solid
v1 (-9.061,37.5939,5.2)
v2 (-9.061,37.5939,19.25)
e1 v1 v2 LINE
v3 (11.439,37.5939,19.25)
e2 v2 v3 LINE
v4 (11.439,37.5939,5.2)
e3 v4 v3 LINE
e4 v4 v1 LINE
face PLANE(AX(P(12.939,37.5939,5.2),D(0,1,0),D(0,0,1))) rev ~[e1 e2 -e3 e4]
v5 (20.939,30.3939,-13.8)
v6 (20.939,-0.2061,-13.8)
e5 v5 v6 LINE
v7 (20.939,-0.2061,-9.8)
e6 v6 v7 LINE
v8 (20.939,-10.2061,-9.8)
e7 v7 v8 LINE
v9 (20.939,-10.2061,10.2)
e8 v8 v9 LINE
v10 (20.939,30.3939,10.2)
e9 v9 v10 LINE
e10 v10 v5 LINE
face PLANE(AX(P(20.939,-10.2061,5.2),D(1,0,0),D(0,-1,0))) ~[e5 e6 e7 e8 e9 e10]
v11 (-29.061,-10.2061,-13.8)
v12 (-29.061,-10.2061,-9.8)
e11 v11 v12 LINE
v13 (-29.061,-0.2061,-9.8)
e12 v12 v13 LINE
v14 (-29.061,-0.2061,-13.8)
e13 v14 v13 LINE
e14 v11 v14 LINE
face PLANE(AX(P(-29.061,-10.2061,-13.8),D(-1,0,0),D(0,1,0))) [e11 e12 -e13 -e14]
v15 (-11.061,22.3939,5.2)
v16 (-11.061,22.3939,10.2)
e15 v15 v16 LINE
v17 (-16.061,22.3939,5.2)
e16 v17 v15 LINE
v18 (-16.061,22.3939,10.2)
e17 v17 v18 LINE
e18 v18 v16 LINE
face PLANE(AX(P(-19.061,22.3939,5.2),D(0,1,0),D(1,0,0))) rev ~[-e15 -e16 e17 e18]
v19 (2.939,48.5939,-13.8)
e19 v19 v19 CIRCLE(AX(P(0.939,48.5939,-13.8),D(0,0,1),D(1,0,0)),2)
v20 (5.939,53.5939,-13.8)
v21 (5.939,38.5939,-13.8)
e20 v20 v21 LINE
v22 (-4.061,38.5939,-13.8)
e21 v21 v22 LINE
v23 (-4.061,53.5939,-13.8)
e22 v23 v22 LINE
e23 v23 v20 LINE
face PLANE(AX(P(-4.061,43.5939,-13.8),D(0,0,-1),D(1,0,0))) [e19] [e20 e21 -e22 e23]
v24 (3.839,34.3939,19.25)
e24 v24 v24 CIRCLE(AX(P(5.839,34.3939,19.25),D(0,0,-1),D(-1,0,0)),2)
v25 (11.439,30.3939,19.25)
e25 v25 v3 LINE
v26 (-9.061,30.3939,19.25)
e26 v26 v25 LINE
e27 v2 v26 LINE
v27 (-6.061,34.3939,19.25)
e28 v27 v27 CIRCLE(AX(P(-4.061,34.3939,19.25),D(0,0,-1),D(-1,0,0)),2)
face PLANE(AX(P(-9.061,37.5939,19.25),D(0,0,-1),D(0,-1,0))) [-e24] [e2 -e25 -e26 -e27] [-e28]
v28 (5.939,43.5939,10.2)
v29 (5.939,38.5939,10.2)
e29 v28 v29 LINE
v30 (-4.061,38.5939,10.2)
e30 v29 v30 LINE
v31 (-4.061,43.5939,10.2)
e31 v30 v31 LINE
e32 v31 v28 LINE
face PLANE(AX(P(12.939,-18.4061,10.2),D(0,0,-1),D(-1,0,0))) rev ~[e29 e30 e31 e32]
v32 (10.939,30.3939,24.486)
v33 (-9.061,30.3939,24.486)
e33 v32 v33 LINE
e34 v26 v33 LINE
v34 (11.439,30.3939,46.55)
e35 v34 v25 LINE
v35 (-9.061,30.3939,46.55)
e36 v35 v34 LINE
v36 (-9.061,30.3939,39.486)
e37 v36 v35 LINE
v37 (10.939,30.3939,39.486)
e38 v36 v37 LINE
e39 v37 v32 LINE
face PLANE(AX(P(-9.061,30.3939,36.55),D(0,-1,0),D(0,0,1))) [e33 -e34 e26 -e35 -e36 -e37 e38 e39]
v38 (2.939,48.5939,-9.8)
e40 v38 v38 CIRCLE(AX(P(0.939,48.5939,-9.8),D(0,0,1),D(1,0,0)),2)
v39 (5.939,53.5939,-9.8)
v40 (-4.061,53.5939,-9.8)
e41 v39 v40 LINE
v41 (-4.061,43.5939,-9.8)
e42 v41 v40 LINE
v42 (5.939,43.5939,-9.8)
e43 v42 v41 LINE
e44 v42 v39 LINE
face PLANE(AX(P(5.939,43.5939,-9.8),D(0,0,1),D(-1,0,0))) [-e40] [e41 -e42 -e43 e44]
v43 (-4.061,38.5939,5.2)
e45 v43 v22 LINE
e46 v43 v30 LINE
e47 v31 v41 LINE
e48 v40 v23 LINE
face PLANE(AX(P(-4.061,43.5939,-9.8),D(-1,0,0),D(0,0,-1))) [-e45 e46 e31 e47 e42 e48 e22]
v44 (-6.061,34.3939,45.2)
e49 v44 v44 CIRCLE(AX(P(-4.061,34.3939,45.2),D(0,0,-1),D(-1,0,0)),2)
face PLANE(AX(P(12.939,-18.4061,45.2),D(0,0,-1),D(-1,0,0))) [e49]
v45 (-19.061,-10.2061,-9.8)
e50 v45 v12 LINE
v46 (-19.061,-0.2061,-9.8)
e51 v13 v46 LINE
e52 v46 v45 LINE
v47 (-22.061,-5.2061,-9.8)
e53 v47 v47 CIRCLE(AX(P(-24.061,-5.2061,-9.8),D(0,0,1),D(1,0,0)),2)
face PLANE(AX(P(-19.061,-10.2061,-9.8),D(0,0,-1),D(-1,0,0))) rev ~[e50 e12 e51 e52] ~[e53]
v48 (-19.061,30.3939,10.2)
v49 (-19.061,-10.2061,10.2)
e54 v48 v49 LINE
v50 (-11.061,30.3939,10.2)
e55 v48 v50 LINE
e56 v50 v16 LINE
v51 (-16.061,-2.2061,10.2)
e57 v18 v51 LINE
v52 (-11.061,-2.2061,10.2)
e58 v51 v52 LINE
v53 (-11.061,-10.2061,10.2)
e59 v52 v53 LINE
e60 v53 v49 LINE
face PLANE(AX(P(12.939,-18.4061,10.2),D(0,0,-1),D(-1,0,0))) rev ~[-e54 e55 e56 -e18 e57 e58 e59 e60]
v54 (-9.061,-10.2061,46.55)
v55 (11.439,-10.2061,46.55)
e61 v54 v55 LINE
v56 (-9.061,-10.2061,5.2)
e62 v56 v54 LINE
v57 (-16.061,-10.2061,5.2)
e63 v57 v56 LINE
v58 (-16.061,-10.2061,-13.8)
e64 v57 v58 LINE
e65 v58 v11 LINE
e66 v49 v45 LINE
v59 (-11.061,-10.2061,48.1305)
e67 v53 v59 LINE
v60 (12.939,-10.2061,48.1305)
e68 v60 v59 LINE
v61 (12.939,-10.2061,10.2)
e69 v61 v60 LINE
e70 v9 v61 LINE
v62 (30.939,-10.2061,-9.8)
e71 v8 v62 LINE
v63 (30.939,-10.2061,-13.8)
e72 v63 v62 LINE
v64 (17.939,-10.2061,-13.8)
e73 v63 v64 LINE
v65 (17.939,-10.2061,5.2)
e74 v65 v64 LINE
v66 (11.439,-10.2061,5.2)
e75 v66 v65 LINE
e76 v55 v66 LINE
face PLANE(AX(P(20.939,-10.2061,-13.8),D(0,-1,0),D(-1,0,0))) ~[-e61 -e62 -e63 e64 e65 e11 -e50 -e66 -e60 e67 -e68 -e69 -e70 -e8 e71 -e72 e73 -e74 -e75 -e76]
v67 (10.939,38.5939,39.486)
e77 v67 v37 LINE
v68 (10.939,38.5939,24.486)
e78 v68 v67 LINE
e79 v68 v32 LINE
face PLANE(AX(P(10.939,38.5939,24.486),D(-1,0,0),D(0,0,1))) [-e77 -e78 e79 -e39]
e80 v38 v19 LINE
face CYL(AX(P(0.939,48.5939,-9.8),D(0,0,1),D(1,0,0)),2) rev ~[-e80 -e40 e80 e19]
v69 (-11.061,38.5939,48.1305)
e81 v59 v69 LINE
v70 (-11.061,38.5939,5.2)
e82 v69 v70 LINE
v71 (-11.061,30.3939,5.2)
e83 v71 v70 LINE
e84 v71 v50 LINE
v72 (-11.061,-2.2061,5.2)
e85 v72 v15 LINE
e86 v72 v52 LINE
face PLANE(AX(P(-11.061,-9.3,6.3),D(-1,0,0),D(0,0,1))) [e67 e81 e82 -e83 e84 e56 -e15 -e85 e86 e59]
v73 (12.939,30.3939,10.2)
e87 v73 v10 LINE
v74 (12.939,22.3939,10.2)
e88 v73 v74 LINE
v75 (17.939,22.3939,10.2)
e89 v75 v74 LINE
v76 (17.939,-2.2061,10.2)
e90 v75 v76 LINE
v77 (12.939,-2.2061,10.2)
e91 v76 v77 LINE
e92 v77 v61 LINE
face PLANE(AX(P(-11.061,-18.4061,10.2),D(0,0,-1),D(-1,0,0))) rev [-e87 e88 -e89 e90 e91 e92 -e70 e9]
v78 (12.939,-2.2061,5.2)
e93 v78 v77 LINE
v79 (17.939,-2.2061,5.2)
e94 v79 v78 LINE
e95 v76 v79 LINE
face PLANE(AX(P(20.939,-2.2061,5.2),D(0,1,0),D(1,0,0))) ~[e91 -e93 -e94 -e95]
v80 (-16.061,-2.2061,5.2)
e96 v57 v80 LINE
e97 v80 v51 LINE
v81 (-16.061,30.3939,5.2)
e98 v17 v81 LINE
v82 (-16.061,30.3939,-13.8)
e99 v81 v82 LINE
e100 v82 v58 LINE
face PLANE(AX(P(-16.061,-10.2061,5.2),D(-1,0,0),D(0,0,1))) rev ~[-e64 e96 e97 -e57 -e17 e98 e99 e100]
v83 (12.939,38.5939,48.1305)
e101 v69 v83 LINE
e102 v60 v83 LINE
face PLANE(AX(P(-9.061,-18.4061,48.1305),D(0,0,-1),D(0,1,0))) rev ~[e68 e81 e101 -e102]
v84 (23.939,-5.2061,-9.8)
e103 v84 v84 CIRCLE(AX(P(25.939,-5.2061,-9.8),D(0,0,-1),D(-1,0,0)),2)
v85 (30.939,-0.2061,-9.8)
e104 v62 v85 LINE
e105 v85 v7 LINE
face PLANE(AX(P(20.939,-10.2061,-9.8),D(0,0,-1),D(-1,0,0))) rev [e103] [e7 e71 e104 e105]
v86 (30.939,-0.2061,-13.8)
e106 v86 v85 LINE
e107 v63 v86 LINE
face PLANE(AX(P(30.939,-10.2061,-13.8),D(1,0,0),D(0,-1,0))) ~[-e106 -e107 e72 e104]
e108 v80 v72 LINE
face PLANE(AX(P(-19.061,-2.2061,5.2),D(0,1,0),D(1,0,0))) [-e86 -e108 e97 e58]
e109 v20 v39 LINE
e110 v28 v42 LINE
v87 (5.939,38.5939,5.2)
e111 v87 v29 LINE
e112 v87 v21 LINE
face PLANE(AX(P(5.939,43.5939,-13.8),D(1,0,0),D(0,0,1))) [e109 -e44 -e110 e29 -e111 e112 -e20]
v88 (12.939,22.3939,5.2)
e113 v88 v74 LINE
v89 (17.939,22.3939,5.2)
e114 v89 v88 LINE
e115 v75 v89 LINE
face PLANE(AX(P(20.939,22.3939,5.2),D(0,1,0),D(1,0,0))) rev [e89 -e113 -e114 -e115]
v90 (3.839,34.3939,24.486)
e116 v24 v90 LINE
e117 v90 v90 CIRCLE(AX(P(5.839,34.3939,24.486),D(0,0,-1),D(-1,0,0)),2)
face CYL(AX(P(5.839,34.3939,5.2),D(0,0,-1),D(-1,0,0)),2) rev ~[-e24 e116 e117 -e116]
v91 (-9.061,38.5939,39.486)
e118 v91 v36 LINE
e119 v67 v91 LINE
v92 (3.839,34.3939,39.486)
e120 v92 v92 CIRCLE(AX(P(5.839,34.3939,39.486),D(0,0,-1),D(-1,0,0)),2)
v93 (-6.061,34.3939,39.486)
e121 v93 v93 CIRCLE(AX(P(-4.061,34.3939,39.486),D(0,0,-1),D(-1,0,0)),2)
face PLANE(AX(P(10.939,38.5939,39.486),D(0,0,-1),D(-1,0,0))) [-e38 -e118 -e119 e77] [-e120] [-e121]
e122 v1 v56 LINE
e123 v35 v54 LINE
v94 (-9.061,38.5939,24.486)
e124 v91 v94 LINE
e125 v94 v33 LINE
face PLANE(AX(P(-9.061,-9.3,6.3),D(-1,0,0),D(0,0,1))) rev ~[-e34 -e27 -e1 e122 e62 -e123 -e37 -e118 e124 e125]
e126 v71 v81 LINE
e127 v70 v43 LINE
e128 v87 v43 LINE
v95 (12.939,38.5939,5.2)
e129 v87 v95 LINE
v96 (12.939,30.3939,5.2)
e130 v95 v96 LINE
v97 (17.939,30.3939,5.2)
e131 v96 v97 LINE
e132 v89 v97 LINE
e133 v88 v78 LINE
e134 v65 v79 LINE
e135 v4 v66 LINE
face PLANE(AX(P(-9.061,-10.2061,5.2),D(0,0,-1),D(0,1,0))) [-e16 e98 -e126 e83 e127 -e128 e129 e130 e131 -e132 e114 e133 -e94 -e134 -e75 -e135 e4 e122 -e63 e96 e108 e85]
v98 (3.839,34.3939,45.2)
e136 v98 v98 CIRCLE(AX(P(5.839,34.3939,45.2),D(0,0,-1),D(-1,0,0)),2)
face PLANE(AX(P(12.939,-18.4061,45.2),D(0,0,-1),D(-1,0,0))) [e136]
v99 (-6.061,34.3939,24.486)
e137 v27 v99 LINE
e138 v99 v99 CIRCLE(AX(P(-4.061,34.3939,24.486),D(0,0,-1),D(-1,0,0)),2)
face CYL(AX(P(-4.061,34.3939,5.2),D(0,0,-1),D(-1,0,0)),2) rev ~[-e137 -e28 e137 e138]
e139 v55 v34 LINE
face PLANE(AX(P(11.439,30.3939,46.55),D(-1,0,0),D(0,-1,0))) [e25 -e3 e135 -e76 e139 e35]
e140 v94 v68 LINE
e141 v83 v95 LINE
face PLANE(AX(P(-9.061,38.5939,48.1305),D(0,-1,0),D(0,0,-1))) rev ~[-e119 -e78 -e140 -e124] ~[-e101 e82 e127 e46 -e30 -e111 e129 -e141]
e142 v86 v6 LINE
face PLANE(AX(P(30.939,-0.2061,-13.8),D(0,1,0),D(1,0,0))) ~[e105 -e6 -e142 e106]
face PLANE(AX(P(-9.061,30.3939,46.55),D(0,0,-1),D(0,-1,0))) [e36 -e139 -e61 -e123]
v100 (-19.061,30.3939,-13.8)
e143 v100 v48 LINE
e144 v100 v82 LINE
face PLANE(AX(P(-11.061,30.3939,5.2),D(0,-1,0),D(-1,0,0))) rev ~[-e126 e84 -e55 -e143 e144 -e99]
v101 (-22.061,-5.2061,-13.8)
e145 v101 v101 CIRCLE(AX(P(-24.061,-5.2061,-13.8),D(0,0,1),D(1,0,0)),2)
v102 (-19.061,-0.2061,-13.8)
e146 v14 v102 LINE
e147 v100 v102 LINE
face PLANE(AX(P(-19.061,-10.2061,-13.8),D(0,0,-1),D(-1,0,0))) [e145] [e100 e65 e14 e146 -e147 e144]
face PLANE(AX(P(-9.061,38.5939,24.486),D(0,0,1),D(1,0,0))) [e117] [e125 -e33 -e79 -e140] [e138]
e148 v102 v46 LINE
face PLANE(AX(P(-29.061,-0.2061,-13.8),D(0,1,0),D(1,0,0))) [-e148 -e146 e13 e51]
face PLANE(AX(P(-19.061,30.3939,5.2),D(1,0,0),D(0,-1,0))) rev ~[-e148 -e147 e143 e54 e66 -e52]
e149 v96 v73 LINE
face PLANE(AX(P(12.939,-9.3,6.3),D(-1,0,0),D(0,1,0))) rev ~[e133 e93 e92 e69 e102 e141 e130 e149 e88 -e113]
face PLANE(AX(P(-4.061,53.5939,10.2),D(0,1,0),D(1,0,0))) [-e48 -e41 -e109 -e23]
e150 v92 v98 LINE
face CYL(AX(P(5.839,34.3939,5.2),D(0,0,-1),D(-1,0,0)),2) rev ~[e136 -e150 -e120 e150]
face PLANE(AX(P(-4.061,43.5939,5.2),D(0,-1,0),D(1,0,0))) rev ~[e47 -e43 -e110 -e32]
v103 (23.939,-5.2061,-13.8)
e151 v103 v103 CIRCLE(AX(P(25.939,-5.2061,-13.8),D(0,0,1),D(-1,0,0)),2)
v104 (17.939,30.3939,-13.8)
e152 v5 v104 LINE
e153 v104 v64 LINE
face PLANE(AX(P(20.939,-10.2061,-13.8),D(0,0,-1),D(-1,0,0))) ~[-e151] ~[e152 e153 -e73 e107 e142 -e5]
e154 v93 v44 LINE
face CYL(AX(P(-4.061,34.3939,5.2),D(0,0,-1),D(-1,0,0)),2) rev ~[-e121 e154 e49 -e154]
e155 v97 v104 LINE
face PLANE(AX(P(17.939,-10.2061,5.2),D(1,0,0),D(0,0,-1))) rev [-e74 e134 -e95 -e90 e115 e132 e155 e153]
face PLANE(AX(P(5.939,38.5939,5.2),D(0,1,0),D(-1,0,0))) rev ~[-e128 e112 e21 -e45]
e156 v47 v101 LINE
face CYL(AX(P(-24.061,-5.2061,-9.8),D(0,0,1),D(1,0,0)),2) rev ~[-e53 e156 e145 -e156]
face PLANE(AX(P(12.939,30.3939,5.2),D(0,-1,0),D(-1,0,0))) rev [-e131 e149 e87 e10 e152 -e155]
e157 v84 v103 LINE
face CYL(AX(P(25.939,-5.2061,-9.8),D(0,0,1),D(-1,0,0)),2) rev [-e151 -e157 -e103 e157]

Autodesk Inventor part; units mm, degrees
ref_plane "YZ Plane" through (0, 0, 0) normal (1, 0, 0) x (0, 1, 0)
ref_plane "XZ Plane" through (0, 0, 0) normal (0, 1, 0) x (-1, 0, 0)
ref_plane "작업 평면1" through (-9.061, -9.3, 6.3) normal (-1, 0, 0) x (0, 1, 0)
sketch "스케치1" plane through (-9.061, -9.3, 6.3) normal (-1, 0, 0) x (0, 1, 0)
  line L0 (39.3939, -39.95) -> (-0.6061, -39.95)
  line L1 (-0.6061, 0.55) -> (39.3939, 0.55)
  line L2 (-0.6061, -12.65) -> (-7.8061, -12.65)
  line L3 (-7.8061, -12.65) -> (-7.8061, -9.45)
  line L4 (-7.8061, -9.45) -> (-0.6061, -9.45)
  line L5 (19.3939, -39.95) -> (19.3939, 0.55) construction
  line L6 (39.3939, -12.65) -> (46.5939, -12.65)
  line L7 (46.5939, -12.65) -> (46.5939, -9.45)
  line L8 (46.5939, -9.45) -> (39.3939, -9.45)
  line L9 (-0.6061, -39.95) -> (-0.6061, -12.65)
  line L10 (-0.6061, -9.45) -> (-0.6061, 0.55)
  line L11 (39.3939, 0.55) -> (39.3939, -9.45)
  line L12 (39.3939, -12.65) -> (39.3939, -39.95)
  line L13 (-9.1061, 1.1) -> (47.8939, 1.1)
  line L14 (39.6939, 1.1) -> (39.6939, -9.15)
  line L15 (39.6939, -9.15) -> (46.8939, -9.15)
  line L16 (46.8939, -9.15) -> (46.8939, -12.95)
  line L17 (46.8939, -12.95) -> (39.6939, -12.95)
  line L18 (39.6939, -12.95) -> (39.6939, -40.25)
  line L19 (39.6939, -40.25) -> (-0.9061, -40.25)
  line L20 (-0.9061, -40.25) -> (-0.9061, -12.95)
  line L21 (-0.9061, -12.95) -> (-8.1061, -12.95)
  line L22 (-8.1061, -12.95) -> (-8.1061, -9.15)
  line L23 (-8.1061, -9.15) -> (-0.9061, -9.15)
  line L24 (-0.9061, -9.15) -> (-0.9061, 1.1)
  line L25 (47.8939, 2.4305) -> (-9.1061, 2.4305)
  line L26 (-9.1061, 2.4305) -> (-9.1061, -41.8305)
  line L27 (-9.1061, -41.8305) -> (47.8939, -41.8305)
  line L28 (47.8939, -41.8305) -> (47.8939, 2.4305)
  line L29 (39.3939, -19.7) -> (-0.6061, -19.7) construction
  line L30 (39.6939, -26.25) -> (39.6939, -30.25)
  line L31 (-0.8061, 6.3) -> (19.1939, 6.3) projected
  line L32 (7.6194, 1.8) -> (13.6194, 1.8)
  line L33 (7.6194, 1.8) -> (13.6194, 1.8)
  line L34 (7.6194, 1.8) -> (13.6194, 1.8)
  line L35 (-0.9061, -31.1) -> (-4.9061, -31.1)
  line L36 (-4.9061, -31.1) -> (-4.9061, -36.1)
  line L37 (-4.9061, -36.1) -> (-0.9061, -36.1)
  line L38 (6.1939, 1.8) -> (12.1939, 1.8) projected
  point P0 (19.3939, -19.7)
  point P1 (9.1939, 6.3)
  dimension "d0" = 40.5
  dimension "d1" = 40
  dimension "d2" = 3.2
  dimension "d3" = 27.2
  dimension "d6" = 27.3
  dimension "d8" = 0.3
  dimension "d9" = 20.25
  dimension "d23" = 9.8
  dimension "d24" = 26
  dimension "d26" = 5
  dimension "d27" = 4
  dimension "d28" = 4.15
extrude "돌출1" add sketch "스케치1" against normal blind 22 contours L13 L24 L23 L22 L21 L20 L35 L36 L37 L19 L18 L17 L16 L15 L14 L28 L27 L26 | L20 L37 L36 L35
sketch "스케치4" plane through (12.939, -9.3, 6.3) normal (1, 0, 0) x (0, 0, -1)
  line L0 (-12.95, -0.9061) -> (-40.25, -0.9061) projected
  line L1 (-31.1, -0.9061) -> (-31.1, -4.9061) projected
  line L2 (-31.1, -4.9061) -> (-36.1, -4.9061) projected
  line L3 (-36.1, -4.9061) -> (-36.1, -0.9061) projected
  line L4 (-40.25, -0.9061) -> (-12.95, -0.9061) projected
  line L5 (-41.8305, -9.1061) -> (1.1, -9.1061) projected
  line L6 (-31.1, -4.9061) -> (-31.1, -9.1061)
  line L7 (-36.1, -4.9061) -> (-36.1, -9.1061)
  point P0 (6.3, 9.3)
extrude "돌출4" cut sketch "스케치4" against normal blind 22
sketch "스케치2" plane through (-9.061, -9.3, 6.3) normal (-1, 0, 0) x (0, 0, 1)
  line L0 (-1.1, -0.9061) -> (-1.1, -9.1061) projected
  line L1 (-1.1, -9.1061) -> (41.8305, -9.1061) projected
  line L2 (41.8305, -9.1061) -> (41.8305, 47.8939) projected
  line L3 (41.8305, 47.8939) -> (-1.1, 47.8939) projected
  line L4 (-1.1, 47.8939) -> (-1.1, 39.6939) projected
  line L5 (-1.1, 47.8939) -> (41.8305, 47.8939)
  line L6 (41.8305, 47.8939) -> (41.8305, -9.1061)
  line L7 (41.8305, -9.1061) -> (-1.1, -9.1061)
  line L8 (-1.1, -9.1061) -> (-1.1, 47.8939)
  point P0 (-6.3, 9.3)
  point P1 (-1.1, -0.9061)
extrude "돌출2" add sketch "스케치2" along normal blind 2
sketch "스케치3" plane through (12.939, -18.4061, 5.2) normal (0, 0, -1) x (-1, 0, 0)
  line L0 (22, 8.2) -> (0, 8.2) projected
  line L1 (22, 48.8) -> (0, 48.8) projected
  line L2 (22, 48.8) -> (22, 8.2) projected
  circle A0 centre (7.1, 4.2) radius 2
  line L3 (22, 28.5) -> (0, 28.5) construction
  line L4 (0, 8.2) -> (0, 48.8) projected
  circle A1 centre (7.1, 52.8) radius 2
  circle A2 centre (17, 4.2) radius 2
  circle A3 centre (17, 52.8) radius 2
  line L5 (12.05, 8.2) -> (12.05, 48.8)
  point P0 (12.939, 18.4061)
  dimension "d81" = 0
  dimension "d15" = 24.3
  dimension "d16" = 4
  dimension "d88" = 5
  dimension "d89" = 4.95
  dimension "d90" = 9.9
extrude "돌출3" cut sketch "스케치3" against normal blind 40 contours A0 | A1 | A2 | A3
sketch "스케치5" plane through (12.939, -9.3, 6.3) normal (1, 0, 0) x (0, 0, -1)
  line L0 (1.1, -9.1061) -> (1.1, -0.9061) projected
  line L1 (-9.15, -0.9061) -> (-9.15, -8.1061) projected
  line L2 (-36.1, -9.1061) -> (-36.1, -0.9061) projected
  line L3 (-36.1, -0.9061) -> (-40.25, -0.9061) projected
  line L4 (-40.25, -0.9061) -> (-40.25, 39.6939) projected
  line L5 (-40.25, 39.6939) -> (-12.95, 39.6939) projected
  line L6 (-12.95, 39.6939) -> (-12.95, 46.8939) projected
  line L7 (-12.95, 46.8939) -> (-9.15, 46.8939) projected
  line L8 (-9.15, 46.8939) -> (-9.15, 39.6939) projected
  line L9 (-9.15, 39.6939) -> (1.1, 39.6939) projected
  line L10 (1.1, 39.6939) -> (1.1, 47.8939) projected
  line L11 (1.1, 47.8939) -> (-41.8305, 47.8939) projected
  line L12 (-41.8305, 47.8939) -> (-41.8305, -9.1061) projected
  line L13 (-41.8305, -9.1061) -> (-36.1, -9.1061) projected
  line L14 (-12.95, -8.1061) -> (-9.15, -8.1061) projected
  line L15 (-9.15, -8.1061) -> (1.1, -8.1061)
  line L16 (1.1, -8.1061) -> (1.1, 46.8939)
  line L17 (1.1, 46.8939) -> (-9.15, 46.8939)
  line L18 (-9.15, 46.8939) -> (-9.15, -8.1061)
  point P0 (6.3, 9.3)
  point P1 (-9.15, -0.9061)
  point P2 (1.1, -8.1061)
  point P3 (1.1, -0.9061)
  point P4 (1.1, 39.6939)
  point P5 (-9.15, 46.8939)
extrude "돌출5" cut sketch "스케치5" against normal up to surface (22 mm away) contours L15 L1 L18 L9 L16 L0 | L9 L8 L17 L10
sketch "스케치12" plane through (12.939, -10.2061, 46.55) normal (0, 0, -1) x (-1, 0, 0)
  line L0 (22, 40.6) -> (0, 40.6) projected
  line L1 (0, 0) -> (0, 40.6) projected
  line L2 (22, 47.8) -> (0, 47.8) projected
  line L3 (1.5, 48.8) -> (1.5, -8.2)
  line L4 (0, -8.2) -> (24, -8.2) projected
  line L5 (0, -7.2) -> (0, 0) projected
  line L6 (0, -8.2) -> (0, -7.2) projected
  line L7 (0, 40.6) -> (0, 47.8) projected
  line L8 (0, 48.8) -> (24, 48.8) projected
  line L9 (0, 47.8) -> (0, 48.8) projected
  point P0 (12.939, 10.2061)
  point P1 (1.5, 40.6)
  dimension "d55" = 1.5
extrude "돌출12" add sketch "스케치12" along normal blind 41.35
sketch "스케치13" plane through (12.939, -18.4061, 5.2) normal (0, 0, -1) x (-1, 0, 0)
  line L0 (0, 0) -> (0, 57) projected
  line L1 (0, 0) -> (24, 0) projected
  line L2 (24, 57) -> (24, 0) projected
  line L3 (0, 57) -> (24, 57) projected
  line L4 (12, 0) -> (12, 57) construction
  line L5 (24, 28.5) -> (0, 28.5) construction
  line L6 (24, 8.2) -> (32, 8.2)
  line L7 (32, 8.2) -> (32, 16.2)
  line L8 (32, 16.2) -> (24, 16.2)
  line L9 (24, 16.2) -> (24, 8.2)
  line L10 (24, 40.8) -> (24, 48.8)
  line L11 (24, 0) -> (24, 57) projected
  line L12 (24, 48.8) -> (32, 48.8)
  line L13 (32, 48.8) -> (32, 40.8)
  line L14 (32, 40.8) -> (24, 40.8)
  line L15 (7, 57) -> (17, 57)
  line L16 (17, 57) -> (17, 62)
  line L17 (17, 62) -> (7, 62)
  line L18 (7, 62) -> (7, 57)
  point P0 (12.939, 18.4061)
  dimension "d70" = 8
  dimension "d71" = 8
  dimension "d72" = 8.2
  dimension "d73" = 10
  dimension "d74" = 5
extrude "돌출13" add sketch "스케치13" against normal blind 5 contours L18 L17 L16 L3 | L2 L8 L7 L6 | L2 L12 L13 L14
sketch "스케치14" plane through (-19.061, -10.2061, 5.2) normal (-1, 0, 0) x (0, 0, 1)
  line L0 (-34, 162.6) -> (-34, -37.7889) projected
  line L1 (-34, -37.7889) -> (-19, -37.7889) projected
  line L2 (-19, 162.6) -> (-19, -37.7889) projected
  line L3 (-34, 162.6) -> (-19, 162.6) projected
  line L4 (5, 0) -> (-19, 0)
  line L5 (-19, 0) -> (-19, 40.6)
  line L6 (-19, 40.6) -> (5, 40.6)
  line L7 (5, 40.6) -> (5, 0)
  line L8 (0, 32.6) -> (0, 40.6) projected
  line L9 (0, 32.6) -> (5, 32.6) projected
  line L10 (5, 40.6) -> (5, 32.6) projected
  line L11 (0, 40.6) -> (5, 40.6) projected
  point P0 (-5.2, 10.2061)
  point P1 (-19, 0)
extrude "돌출14" add sketch "스케치14" against normal blind 3 contours L6 L8 L9 L7 L4 L2 | L6 L7 L9 L8
sketch "스케치15" plane through (-19.061, -10.2061, -13.8) normal (0, 0, -1) x (-1, 0, 0)
  line L0 (0, 40.6) -> (0, 0) projected
  line L1 (0, 0) -> (10, 0)
  line L2 (10, 0) -> (10, 10)
  line L3 (10, 10) -> (0, 10)
  line L4 (0, 10) -> (0, 0)
  point P0 (-19.061, 10.2061)
  point P1 (0, 10)
  dimension "d66" = 10
  dimension "d67" = 10
extrude "돌출15" add sketch "스케치15" against normal blind 4
sketch "스케치16" plane through (12.939, -18.4061, 5.2) normal (0, 0, -1) x (-1, 0, 0)
  line L0 (17, 57) -> (17, 62) projected
  line L1 (17, 62) -> (7, 62) projected
  line L2 (7, 62) -> (7, 57) projected
  line L3 (7, 57) -> (17, 57) projected
  point P0 (12.939, 18.4061)
ref_plane "작업 평면2" through (-79.061, -70.6061, -13.8) normal (0, 0, 1) x (1, 0, 0)
extrude "돌출16" add sketch "스케치16" along normal up to surface (19 mm away)
sketch "스케치17" plane through (-4.061, 43.5939, 10.2) normal (0, 1, 0) x (1, 0, 0)
  line L0 (0, 0) -> (0, 24) projected
  line L1 (10, 24) -> (10, 0) projected
  line L2 (0, 24) -> (10, 24) projected
  line L3 (10, 20) -> (0, 20)
  point P0 (4.061, 10.2)
  dimension "d77" = 4
extrude "돌출17" add sketch "스케치17" along normal blind 10
sketch "스케치18" plane through (-19.061, -10.2061, -9.8) normal (0, 0, 1) x (1, 0, 0)
  circle A0 centre (-5, 5) radius 2
  point P0 (19.061, 10.2061)
  dimension "d80" = 4
extrude "돌출18" cut sketch "스케치18" against normal through all
ref_plane "작업 평면3" through (0.939, -9.3, 6.3) normal (1, 0, 0) x (0, 0, -1)
sketch "스케치19" plane through (-4.061, 43.5939, -9.8) normal (0, 0, 1) x (1, 0, 0)
  line L0 (0, 10) -> (10, 10) projected
  line L1 (0, 0) -> (0, 10) projected
  circle A0 centre (5, 5) radius 2
  point P0 (4.061, -43.5939)
  dimension "d83" = 4
  dimension "d84" = 5
  dimension "d85" = 5
extrude "돌출19" cut sketch "스케치19" against normal through all
mirror "미러1" about plane through (0.939, -9.3, 6.3) normal (1, 0, 0) of "돌출13", "돌출14", "돌출15", "돌출18"
ref_plane "작업 평면4" through (20.939, -10.2061, 10.2) normal (0, -1, 0) x (1, 0, 0)
split "분할1" plane through (20.939, -10.2061, 10.2) removes the side toward (0, -1, 0)
sketch "스케치20" plane through (12.939, 38.5939, 48.1305) normal (0, 1, 0) x (1, 0, 0)
  line L0 (-22, 1.5805) -> (-22, 42.9305) projected
  line L1 (-22, 23.6445) -> (-2, 23.6445)
  line L2 (-2, 23.6445) -> (-2, 8.6445)
  line L3 (-2, 8.6445) -> (-22, 8.6445)
  line L4 (-22, 8.6445) -> (-22, 23.6445)
  point P0 (-12.939, 48.1305)
  point P1 (-22, 8.6445)
  dimension "d91" = 15
  dimension "d92" = 20
extrude "돌출20" cut sketch "스케치20" against normal blind 10
properties part number "SAFRS-P-0012"
